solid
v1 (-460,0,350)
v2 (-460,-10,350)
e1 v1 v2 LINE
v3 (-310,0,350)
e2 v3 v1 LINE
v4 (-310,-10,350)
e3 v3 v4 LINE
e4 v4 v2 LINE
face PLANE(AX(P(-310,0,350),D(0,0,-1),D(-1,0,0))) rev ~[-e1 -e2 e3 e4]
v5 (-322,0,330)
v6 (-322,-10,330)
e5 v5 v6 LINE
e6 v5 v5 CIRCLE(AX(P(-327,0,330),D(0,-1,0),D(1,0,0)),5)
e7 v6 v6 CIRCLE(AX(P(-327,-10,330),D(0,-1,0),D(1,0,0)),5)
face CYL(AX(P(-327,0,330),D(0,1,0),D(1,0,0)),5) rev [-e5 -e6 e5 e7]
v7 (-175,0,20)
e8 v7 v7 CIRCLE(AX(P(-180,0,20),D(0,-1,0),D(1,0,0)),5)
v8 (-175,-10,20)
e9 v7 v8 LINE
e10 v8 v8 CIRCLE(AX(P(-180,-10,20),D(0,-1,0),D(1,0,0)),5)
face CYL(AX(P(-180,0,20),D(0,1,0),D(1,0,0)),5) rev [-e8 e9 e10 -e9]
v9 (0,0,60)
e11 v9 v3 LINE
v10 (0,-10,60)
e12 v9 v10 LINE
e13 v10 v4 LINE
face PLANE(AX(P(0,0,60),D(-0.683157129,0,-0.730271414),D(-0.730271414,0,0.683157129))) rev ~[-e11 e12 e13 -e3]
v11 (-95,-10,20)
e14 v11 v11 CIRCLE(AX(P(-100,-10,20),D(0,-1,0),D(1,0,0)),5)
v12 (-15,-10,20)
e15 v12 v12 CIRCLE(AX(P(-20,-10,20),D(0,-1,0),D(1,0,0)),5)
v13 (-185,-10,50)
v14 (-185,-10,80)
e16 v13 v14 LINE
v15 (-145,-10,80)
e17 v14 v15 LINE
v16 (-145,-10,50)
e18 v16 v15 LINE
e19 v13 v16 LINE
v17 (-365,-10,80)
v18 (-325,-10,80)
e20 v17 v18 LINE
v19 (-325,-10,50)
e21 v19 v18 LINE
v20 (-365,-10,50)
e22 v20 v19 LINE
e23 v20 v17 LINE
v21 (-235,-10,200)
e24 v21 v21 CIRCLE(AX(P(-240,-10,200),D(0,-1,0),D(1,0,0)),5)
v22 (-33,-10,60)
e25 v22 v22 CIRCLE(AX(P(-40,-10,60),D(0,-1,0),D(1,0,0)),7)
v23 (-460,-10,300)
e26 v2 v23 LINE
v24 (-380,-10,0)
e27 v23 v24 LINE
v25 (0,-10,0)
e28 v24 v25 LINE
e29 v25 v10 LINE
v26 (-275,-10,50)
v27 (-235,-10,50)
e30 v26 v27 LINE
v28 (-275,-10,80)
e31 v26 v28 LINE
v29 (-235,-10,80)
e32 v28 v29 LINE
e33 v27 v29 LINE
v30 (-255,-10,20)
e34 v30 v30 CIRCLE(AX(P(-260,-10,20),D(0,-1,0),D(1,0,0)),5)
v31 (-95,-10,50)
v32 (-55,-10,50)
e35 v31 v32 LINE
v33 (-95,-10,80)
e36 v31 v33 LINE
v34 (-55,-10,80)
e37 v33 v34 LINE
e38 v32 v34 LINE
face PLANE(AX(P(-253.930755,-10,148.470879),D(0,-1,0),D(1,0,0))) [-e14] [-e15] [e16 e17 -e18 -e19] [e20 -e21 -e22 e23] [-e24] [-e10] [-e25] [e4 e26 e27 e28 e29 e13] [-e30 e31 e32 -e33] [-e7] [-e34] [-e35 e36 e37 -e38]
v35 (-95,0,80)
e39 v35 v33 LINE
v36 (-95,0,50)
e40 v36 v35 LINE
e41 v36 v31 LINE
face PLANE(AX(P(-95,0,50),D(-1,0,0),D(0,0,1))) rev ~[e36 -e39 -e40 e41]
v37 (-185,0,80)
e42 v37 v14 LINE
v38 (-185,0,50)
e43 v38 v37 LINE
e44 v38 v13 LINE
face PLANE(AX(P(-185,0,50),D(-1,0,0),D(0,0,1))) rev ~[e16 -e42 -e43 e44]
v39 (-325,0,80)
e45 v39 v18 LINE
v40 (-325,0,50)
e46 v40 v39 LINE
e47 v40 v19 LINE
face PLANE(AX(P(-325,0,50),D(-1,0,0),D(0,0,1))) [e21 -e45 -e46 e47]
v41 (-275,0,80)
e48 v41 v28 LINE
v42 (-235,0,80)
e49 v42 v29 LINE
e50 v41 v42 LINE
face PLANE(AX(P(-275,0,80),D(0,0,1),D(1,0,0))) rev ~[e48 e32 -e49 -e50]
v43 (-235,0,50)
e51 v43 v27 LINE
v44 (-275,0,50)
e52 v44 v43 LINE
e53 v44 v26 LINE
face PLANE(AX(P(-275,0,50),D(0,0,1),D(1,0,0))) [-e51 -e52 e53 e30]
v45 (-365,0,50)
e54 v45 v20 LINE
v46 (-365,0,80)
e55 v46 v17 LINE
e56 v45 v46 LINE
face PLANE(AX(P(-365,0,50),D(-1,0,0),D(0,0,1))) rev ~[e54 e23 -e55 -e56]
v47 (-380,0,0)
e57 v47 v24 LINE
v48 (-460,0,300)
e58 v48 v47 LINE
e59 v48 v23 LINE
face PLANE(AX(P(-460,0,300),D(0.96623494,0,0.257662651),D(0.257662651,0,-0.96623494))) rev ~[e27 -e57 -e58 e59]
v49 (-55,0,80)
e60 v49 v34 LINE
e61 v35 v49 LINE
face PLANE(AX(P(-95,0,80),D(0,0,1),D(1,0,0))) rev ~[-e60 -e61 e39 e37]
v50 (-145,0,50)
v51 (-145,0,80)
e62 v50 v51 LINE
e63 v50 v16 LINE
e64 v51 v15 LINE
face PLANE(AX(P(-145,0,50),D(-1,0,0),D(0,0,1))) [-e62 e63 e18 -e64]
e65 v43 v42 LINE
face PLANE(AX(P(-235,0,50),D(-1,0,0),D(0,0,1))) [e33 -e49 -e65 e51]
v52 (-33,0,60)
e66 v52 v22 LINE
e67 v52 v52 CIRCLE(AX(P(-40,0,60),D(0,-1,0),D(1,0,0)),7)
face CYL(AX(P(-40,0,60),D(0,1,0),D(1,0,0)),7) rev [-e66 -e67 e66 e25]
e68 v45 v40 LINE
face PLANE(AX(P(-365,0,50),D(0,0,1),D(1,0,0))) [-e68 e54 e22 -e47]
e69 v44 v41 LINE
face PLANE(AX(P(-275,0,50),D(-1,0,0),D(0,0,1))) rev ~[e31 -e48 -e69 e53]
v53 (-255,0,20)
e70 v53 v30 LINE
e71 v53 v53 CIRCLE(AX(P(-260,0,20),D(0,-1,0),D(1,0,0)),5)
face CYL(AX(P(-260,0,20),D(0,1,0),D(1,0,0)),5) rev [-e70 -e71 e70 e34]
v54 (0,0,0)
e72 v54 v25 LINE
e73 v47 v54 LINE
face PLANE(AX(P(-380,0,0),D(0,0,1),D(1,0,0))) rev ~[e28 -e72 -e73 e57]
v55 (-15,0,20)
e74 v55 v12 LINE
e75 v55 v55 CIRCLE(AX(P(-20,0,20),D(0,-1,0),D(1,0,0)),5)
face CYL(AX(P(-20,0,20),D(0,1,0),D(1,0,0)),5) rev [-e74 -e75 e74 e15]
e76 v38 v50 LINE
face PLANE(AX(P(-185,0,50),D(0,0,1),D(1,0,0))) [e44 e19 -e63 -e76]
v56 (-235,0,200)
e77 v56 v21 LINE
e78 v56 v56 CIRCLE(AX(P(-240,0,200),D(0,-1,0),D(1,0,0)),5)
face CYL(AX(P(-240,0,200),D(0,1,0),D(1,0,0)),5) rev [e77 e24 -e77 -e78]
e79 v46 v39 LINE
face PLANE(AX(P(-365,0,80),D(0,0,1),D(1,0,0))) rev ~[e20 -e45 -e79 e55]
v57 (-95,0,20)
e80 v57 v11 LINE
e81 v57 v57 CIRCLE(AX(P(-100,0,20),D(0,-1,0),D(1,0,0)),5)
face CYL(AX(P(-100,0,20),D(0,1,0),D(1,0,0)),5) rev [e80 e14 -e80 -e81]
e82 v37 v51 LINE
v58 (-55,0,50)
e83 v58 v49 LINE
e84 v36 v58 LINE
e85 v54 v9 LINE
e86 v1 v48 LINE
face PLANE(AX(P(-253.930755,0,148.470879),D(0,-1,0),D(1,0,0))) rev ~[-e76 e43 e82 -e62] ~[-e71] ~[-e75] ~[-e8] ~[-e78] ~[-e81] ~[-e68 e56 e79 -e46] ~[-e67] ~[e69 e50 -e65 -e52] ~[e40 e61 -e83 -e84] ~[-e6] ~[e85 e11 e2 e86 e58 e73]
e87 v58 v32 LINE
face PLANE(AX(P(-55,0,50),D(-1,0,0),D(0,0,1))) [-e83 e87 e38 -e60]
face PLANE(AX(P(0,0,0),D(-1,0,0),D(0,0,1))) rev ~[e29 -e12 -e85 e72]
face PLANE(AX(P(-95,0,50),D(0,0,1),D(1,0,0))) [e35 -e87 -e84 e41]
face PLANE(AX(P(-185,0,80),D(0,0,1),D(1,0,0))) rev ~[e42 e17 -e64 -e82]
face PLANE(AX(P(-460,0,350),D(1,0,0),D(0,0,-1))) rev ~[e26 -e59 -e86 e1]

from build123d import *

# Parameters (mm, degrees)
F0_R     = 5
F0_W     = 40
F0_H     = 30
F0_R_2   = 7
F1_DEPTH = 10


with BuildPart() as f1:
    # F0 (on Front) → F1 (new body)
    with BuildSketch(Plane.XZ):
        Polygon((-380, 0), (0, 0), (0, 60), (-310, 350), (-460, 350), (-460, 300), align=None)
        with Locations((-260, 20)):
            Circle(F0_R, mode=Mode.SUBTRACT)
        with Locations((-345, 65)):
            Rectangle(F0_W, F0_H, mode=Mode.SUBTRACT)
        with Locations((-255, 65)):
            Rectangle(F0_W, F0_H, mode=Mode.SUBTRACT)
        with Locations((-180, 20)):
            Circle(F0_R, mode=Mode.SUBTRACT)
        with Locations((-165, 65)):
            Rectangle(F0_W, F0_H, mode=Mode.SUBTRACT)
        with Locations((-100, 20)):
            Circle(F0_R, mode=Mode.SUBTRACT)
        with Locations((-20, 20)):
            Circle(F0_R, mode=Mode.SUBTRACT)
        with Locations((-75, 65)):
            Rectangle(F0_W, F0_H, mode=Mode.SUBTRACT)
        with Locations((-40, 60)):
            Circle(F0_R_2, mode=Mode.SUBTRACT)
        with Locations((-240, 200)):
            Circle(F0_R, mode=Mode.SUBTRACT)
        with Locations((-327, 330)):
            Circle(F0_R, mode=Mode.SUBTRACT)
    extrude(amount=F1_DEPTH)


solid = f1.part
